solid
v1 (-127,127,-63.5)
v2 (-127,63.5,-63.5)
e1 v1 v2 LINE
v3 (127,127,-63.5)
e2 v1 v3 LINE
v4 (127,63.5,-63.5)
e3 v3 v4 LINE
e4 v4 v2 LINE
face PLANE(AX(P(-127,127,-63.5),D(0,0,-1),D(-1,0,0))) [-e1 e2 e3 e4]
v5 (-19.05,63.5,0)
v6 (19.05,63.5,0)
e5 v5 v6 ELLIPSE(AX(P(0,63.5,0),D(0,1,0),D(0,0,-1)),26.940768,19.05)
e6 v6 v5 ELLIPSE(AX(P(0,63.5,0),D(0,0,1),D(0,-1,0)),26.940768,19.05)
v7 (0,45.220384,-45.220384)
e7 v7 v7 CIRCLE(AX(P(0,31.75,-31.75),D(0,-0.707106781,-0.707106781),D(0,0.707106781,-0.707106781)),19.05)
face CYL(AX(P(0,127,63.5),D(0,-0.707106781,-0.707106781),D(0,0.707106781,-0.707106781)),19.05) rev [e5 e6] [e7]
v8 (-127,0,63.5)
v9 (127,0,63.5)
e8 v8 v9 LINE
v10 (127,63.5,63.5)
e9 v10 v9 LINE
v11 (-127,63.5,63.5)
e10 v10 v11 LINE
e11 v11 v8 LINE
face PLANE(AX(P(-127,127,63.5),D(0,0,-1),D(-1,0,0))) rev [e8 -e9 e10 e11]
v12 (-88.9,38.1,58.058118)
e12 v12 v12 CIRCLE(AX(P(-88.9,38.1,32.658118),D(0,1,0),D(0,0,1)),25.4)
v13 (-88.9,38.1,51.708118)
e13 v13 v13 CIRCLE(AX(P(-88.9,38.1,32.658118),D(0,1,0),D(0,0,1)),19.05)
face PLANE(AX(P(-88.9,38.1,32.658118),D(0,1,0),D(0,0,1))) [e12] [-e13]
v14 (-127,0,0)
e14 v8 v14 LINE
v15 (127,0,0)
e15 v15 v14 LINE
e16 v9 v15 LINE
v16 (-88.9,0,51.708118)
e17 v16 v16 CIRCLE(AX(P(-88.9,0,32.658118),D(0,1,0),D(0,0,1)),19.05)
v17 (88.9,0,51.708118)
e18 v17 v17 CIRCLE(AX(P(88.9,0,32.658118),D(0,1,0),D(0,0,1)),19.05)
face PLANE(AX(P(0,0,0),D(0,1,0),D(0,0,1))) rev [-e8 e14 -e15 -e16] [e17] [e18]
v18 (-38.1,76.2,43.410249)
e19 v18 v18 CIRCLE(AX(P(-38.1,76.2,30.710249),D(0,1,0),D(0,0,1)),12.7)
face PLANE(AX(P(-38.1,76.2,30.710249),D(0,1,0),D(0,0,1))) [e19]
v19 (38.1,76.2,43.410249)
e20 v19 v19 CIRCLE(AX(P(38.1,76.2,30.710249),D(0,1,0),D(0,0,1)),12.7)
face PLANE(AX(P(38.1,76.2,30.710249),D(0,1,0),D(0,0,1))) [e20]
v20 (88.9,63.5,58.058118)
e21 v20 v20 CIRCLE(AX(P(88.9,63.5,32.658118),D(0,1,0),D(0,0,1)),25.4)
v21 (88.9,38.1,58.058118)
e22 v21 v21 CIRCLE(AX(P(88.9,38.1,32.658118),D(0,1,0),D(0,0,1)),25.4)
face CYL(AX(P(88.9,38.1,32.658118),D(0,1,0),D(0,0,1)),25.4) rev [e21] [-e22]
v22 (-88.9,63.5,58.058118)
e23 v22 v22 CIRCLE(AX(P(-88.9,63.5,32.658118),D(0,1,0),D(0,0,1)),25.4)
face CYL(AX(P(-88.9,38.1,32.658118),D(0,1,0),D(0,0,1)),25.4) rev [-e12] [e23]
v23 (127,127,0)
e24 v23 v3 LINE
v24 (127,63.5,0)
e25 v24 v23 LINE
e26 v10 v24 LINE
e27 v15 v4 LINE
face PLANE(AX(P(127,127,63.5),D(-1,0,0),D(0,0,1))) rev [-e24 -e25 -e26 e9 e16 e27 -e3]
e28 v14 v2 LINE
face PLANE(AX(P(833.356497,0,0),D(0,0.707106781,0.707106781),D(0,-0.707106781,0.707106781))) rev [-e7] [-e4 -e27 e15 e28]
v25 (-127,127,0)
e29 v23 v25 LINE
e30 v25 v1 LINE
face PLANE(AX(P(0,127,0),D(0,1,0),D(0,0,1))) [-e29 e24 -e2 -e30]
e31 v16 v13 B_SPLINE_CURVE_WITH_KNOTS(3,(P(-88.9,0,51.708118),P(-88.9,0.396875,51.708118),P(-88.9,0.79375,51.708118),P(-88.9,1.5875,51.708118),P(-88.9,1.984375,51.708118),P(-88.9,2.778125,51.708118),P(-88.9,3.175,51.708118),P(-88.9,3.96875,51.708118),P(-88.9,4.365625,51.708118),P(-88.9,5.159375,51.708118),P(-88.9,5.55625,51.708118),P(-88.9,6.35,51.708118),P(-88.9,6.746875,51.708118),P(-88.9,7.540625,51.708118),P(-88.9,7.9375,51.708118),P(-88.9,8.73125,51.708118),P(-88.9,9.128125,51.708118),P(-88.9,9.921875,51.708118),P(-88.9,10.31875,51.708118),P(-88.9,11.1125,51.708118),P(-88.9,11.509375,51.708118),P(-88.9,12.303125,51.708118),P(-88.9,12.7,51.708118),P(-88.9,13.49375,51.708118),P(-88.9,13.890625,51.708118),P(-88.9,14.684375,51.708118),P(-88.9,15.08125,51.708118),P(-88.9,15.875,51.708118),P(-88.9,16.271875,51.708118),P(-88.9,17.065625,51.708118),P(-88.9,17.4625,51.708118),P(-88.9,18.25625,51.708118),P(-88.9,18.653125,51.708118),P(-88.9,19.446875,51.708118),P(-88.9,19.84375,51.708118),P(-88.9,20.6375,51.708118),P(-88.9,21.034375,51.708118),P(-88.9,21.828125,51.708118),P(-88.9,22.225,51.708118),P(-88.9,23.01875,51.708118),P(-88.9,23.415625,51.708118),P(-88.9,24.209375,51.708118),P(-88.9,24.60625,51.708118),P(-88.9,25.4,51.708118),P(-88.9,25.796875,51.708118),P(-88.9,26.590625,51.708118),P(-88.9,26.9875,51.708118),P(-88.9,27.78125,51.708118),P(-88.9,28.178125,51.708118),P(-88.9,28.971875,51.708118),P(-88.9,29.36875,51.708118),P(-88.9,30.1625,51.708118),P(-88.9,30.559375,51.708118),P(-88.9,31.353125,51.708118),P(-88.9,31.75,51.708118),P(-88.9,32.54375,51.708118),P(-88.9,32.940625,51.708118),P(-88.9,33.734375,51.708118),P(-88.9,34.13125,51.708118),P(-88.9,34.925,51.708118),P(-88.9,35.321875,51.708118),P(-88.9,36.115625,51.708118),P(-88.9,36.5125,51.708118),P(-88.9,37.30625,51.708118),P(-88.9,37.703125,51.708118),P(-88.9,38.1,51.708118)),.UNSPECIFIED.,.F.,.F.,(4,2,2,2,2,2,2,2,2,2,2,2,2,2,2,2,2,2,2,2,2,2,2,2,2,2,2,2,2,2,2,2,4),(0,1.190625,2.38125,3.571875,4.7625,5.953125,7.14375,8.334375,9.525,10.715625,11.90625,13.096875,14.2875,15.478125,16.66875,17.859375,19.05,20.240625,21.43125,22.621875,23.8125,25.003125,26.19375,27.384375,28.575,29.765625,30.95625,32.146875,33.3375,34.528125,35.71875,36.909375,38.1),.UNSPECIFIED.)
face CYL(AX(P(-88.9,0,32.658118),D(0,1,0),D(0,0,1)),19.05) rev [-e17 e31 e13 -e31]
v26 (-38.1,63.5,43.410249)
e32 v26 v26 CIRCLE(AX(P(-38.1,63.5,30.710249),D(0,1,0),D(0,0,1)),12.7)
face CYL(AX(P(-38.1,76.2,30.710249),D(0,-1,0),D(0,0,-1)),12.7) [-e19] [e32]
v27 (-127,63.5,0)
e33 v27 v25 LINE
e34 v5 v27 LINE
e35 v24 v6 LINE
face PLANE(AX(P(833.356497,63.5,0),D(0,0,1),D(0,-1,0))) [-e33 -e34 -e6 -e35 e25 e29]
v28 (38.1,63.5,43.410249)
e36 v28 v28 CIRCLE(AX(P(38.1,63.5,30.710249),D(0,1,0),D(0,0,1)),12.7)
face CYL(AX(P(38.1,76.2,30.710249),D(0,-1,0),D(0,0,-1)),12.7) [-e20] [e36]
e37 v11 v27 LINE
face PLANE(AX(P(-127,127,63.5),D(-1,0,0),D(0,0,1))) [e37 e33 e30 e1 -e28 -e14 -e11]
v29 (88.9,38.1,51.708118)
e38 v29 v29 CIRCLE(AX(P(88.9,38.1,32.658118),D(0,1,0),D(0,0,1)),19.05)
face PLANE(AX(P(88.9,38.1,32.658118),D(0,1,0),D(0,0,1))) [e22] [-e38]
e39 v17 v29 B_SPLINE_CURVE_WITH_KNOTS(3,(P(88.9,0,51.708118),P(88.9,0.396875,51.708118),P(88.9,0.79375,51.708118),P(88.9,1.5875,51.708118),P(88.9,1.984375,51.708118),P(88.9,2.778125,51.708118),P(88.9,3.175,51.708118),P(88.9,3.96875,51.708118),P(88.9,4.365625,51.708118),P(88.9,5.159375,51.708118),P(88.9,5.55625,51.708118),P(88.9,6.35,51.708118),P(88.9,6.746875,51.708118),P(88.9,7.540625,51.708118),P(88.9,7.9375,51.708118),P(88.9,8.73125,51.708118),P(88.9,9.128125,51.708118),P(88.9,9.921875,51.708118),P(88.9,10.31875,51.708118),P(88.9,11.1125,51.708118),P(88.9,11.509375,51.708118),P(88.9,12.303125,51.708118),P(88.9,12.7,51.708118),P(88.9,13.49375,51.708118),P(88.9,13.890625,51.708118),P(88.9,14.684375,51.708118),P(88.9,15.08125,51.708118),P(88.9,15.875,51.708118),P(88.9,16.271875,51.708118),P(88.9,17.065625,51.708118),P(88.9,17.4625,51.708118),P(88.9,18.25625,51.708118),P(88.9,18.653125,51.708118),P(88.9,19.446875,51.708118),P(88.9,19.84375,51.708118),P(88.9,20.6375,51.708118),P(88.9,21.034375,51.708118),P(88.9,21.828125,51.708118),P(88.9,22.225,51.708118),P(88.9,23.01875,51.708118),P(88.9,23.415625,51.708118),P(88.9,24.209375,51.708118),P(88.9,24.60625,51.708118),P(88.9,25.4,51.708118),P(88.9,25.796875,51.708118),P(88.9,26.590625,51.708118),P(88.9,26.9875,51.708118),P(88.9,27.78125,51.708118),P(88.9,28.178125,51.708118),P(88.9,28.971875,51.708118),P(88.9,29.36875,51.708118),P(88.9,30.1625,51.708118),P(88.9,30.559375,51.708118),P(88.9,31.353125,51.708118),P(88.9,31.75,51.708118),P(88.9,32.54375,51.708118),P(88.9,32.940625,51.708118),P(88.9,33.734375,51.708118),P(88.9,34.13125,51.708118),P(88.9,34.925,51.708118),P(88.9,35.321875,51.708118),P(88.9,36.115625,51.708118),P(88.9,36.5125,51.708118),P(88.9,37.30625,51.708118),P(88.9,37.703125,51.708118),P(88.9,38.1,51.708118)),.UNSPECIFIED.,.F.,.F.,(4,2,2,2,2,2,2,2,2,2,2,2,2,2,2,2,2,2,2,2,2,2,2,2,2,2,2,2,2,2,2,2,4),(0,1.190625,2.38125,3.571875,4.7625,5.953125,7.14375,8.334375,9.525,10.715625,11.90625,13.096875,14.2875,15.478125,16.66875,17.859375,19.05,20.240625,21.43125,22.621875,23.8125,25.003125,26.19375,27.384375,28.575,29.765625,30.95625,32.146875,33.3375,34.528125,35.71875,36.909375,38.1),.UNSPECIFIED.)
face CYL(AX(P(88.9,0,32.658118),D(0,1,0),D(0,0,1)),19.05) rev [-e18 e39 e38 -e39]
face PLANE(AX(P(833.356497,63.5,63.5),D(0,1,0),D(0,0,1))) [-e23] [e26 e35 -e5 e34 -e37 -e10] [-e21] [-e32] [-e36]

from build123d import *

# Parameters (mm, degrees)
SKETCH1_W                      = 254
SKETCH1_H                      = 127
RECTANGLE_PRISON_DEPTH         = 127
TOP_SQUARE_CUT_DEPTH           = 291.99355663
TOP_SQUARE_CUT_DEPTH_BACK      = 291.99355663
BUTTOM_TRI_CUT_DEPTH           = 291.99355663
BUTTOM_TRI_CUT_DEPTH_BACK      = 291.99355663
SKETCH8_R                      = 25.4
OUTER_CIRCLE_CUT_DEPTH         = 25.4
SKETCH9_R                      = 19.05
INNER_CIRCLE_CUT_DEPTH         = 168.52450567
SKETCH11_R                     = 12.7
TWO_CIRCLES_OUT_DEPTH          = 12.7
SKETCH12_R                     = 19.05
CIRCLE_CUT_IN_THE_MIDDLE_DEPTH = 191.5


with BuildPart() as part:
    # Sketch1 → Rectangle prison (new body)
    with BuildSketch(Plane(origin=(0, 0, 0), x_dir=(1, 0, 0), z_dir=(0, 1, 0))):
        Rectangle(SKETCH1_W, SKETCH1_H)
    extrude(amount=RECTANGLE_PRISON_DEPTH)

    # Sketch6 → Top square cut (cut, two sides: drawn at the far end of the back side and taken through both)
    with BuildSketch(Plane(origin=(127, 0, 0), x_dir=(0, 0, -1), z_dir=(1, 0, 0)).offset(-TOP_SQUARE_CUT_DEPTH_BACK)):
        Polygon((-357.480633142, 63.5), (-63.5, 63.5), (0, 63.5), (0, 127), (0, 420.980633142), (-415.751398465, 836.732031608), (-773.232031608, 479.251398465), align=None)
    extrude(amount=TOP_SQUARE_CUT_DEPTH + TOP_SQUARE_CUT_DEPTH_BACK, mode=Mode.SUBTRACT)

    # Sketch7 → Buttom tri cut (cut, two sides: drawn at the far end of the back side and taken through both)
    with BuildSketch(Plane(origin=(127, 0, 0), x_dir=(0, 0, -1), z_dir=(1, 0, 0)).offset(-BUTTOM_TRI_CUT_DEPTH_BACK)):
        Polygon((-207.875699233, -207.875699233), (0, 0), (63.5, 63.5), (271.375699233, 271.375699233), (687.127097698, -144.375699233), (207.875699233, -623.627097698), align=None)
    extrude(amount=BUTTOM_TRI_CUT_DEPTH + BUTTOM_TRI_CUT_DEPTH_BACK, mode=Mode.SUBTRACT)

    # Sketch8 → outer circle cut (cut)
    with BuildSketch(Plane(origin=(0, 63.5, 0), x_dir=(1, 0, 0), z_dir=(0, 1, 0))):
        with Locations(Location((-88.9, -32.658118373, 0), (0, 0, 270))):
            Circle(SKETCH8_R)
        with Locations(Location((88.9, -32.658118373, 0), (0, 0, 270))):
            Circle(SKETCH8_R)
    extrude(amount=-OUTER_CIRCLE_CUT_DEPTH, mode=Mode.SUBTRACT)

    # Sketch9 → inner circle cut (cut, through all)
    with BuildSketch(Plane(origin=(0, 38.1, 0), x_dir=(1, 0, 0), z_dir=(0, 1, 0))):
        with Locations(Location((-88.9, -32.658118373, 0), (0, 0, 270))):
            Circle(SKETCH9_R)
        with Locations(Location((88.9, -32.658118373, 0), (0, 0, 270))):
            Circle(SKETCH9_R)
    extrude(amount=-INNER_CIRCLE_CUT_DEPTH, mode=Mode.SUBTRACT)

    # Sketch11 → Two circles out (add)
    with BuildSketch(Plane(origin=(0, 63.5, 0), x_dir=(1, 0, 0), z_dir=(0, 1, 0))):
        with Locations(Location((-38.1, -30.71024924, 0), (0, 0, 270))):
            Circle(SKETCH11_R)
        with Locations(Location((38.1, -30.71024924, 0), (0, 0, 270))):
            Circle(SKETCH11_R)
    extrude(amount=TWO_CIRCLES_OUT_DEPTH)

    # Sketch12 → Circle cut in the middle (cut, through all)
    with BuildSketch(Plane(origin=(0, 0, 0), x_dir=(1, 0, 0), z_dir=(0, -0.7071067811865475, -0.7071067811865476))):
        with Locations(Location((0, -44.901280605, 0), (0, 0, 270))):
            Circle(SKETCH12_R)
    extrude(amount=-CIRCLE_CUT_IN_THE_MIDDLE_DEPTH, mode=Mode.SUBTRACT)


solid = part.part
